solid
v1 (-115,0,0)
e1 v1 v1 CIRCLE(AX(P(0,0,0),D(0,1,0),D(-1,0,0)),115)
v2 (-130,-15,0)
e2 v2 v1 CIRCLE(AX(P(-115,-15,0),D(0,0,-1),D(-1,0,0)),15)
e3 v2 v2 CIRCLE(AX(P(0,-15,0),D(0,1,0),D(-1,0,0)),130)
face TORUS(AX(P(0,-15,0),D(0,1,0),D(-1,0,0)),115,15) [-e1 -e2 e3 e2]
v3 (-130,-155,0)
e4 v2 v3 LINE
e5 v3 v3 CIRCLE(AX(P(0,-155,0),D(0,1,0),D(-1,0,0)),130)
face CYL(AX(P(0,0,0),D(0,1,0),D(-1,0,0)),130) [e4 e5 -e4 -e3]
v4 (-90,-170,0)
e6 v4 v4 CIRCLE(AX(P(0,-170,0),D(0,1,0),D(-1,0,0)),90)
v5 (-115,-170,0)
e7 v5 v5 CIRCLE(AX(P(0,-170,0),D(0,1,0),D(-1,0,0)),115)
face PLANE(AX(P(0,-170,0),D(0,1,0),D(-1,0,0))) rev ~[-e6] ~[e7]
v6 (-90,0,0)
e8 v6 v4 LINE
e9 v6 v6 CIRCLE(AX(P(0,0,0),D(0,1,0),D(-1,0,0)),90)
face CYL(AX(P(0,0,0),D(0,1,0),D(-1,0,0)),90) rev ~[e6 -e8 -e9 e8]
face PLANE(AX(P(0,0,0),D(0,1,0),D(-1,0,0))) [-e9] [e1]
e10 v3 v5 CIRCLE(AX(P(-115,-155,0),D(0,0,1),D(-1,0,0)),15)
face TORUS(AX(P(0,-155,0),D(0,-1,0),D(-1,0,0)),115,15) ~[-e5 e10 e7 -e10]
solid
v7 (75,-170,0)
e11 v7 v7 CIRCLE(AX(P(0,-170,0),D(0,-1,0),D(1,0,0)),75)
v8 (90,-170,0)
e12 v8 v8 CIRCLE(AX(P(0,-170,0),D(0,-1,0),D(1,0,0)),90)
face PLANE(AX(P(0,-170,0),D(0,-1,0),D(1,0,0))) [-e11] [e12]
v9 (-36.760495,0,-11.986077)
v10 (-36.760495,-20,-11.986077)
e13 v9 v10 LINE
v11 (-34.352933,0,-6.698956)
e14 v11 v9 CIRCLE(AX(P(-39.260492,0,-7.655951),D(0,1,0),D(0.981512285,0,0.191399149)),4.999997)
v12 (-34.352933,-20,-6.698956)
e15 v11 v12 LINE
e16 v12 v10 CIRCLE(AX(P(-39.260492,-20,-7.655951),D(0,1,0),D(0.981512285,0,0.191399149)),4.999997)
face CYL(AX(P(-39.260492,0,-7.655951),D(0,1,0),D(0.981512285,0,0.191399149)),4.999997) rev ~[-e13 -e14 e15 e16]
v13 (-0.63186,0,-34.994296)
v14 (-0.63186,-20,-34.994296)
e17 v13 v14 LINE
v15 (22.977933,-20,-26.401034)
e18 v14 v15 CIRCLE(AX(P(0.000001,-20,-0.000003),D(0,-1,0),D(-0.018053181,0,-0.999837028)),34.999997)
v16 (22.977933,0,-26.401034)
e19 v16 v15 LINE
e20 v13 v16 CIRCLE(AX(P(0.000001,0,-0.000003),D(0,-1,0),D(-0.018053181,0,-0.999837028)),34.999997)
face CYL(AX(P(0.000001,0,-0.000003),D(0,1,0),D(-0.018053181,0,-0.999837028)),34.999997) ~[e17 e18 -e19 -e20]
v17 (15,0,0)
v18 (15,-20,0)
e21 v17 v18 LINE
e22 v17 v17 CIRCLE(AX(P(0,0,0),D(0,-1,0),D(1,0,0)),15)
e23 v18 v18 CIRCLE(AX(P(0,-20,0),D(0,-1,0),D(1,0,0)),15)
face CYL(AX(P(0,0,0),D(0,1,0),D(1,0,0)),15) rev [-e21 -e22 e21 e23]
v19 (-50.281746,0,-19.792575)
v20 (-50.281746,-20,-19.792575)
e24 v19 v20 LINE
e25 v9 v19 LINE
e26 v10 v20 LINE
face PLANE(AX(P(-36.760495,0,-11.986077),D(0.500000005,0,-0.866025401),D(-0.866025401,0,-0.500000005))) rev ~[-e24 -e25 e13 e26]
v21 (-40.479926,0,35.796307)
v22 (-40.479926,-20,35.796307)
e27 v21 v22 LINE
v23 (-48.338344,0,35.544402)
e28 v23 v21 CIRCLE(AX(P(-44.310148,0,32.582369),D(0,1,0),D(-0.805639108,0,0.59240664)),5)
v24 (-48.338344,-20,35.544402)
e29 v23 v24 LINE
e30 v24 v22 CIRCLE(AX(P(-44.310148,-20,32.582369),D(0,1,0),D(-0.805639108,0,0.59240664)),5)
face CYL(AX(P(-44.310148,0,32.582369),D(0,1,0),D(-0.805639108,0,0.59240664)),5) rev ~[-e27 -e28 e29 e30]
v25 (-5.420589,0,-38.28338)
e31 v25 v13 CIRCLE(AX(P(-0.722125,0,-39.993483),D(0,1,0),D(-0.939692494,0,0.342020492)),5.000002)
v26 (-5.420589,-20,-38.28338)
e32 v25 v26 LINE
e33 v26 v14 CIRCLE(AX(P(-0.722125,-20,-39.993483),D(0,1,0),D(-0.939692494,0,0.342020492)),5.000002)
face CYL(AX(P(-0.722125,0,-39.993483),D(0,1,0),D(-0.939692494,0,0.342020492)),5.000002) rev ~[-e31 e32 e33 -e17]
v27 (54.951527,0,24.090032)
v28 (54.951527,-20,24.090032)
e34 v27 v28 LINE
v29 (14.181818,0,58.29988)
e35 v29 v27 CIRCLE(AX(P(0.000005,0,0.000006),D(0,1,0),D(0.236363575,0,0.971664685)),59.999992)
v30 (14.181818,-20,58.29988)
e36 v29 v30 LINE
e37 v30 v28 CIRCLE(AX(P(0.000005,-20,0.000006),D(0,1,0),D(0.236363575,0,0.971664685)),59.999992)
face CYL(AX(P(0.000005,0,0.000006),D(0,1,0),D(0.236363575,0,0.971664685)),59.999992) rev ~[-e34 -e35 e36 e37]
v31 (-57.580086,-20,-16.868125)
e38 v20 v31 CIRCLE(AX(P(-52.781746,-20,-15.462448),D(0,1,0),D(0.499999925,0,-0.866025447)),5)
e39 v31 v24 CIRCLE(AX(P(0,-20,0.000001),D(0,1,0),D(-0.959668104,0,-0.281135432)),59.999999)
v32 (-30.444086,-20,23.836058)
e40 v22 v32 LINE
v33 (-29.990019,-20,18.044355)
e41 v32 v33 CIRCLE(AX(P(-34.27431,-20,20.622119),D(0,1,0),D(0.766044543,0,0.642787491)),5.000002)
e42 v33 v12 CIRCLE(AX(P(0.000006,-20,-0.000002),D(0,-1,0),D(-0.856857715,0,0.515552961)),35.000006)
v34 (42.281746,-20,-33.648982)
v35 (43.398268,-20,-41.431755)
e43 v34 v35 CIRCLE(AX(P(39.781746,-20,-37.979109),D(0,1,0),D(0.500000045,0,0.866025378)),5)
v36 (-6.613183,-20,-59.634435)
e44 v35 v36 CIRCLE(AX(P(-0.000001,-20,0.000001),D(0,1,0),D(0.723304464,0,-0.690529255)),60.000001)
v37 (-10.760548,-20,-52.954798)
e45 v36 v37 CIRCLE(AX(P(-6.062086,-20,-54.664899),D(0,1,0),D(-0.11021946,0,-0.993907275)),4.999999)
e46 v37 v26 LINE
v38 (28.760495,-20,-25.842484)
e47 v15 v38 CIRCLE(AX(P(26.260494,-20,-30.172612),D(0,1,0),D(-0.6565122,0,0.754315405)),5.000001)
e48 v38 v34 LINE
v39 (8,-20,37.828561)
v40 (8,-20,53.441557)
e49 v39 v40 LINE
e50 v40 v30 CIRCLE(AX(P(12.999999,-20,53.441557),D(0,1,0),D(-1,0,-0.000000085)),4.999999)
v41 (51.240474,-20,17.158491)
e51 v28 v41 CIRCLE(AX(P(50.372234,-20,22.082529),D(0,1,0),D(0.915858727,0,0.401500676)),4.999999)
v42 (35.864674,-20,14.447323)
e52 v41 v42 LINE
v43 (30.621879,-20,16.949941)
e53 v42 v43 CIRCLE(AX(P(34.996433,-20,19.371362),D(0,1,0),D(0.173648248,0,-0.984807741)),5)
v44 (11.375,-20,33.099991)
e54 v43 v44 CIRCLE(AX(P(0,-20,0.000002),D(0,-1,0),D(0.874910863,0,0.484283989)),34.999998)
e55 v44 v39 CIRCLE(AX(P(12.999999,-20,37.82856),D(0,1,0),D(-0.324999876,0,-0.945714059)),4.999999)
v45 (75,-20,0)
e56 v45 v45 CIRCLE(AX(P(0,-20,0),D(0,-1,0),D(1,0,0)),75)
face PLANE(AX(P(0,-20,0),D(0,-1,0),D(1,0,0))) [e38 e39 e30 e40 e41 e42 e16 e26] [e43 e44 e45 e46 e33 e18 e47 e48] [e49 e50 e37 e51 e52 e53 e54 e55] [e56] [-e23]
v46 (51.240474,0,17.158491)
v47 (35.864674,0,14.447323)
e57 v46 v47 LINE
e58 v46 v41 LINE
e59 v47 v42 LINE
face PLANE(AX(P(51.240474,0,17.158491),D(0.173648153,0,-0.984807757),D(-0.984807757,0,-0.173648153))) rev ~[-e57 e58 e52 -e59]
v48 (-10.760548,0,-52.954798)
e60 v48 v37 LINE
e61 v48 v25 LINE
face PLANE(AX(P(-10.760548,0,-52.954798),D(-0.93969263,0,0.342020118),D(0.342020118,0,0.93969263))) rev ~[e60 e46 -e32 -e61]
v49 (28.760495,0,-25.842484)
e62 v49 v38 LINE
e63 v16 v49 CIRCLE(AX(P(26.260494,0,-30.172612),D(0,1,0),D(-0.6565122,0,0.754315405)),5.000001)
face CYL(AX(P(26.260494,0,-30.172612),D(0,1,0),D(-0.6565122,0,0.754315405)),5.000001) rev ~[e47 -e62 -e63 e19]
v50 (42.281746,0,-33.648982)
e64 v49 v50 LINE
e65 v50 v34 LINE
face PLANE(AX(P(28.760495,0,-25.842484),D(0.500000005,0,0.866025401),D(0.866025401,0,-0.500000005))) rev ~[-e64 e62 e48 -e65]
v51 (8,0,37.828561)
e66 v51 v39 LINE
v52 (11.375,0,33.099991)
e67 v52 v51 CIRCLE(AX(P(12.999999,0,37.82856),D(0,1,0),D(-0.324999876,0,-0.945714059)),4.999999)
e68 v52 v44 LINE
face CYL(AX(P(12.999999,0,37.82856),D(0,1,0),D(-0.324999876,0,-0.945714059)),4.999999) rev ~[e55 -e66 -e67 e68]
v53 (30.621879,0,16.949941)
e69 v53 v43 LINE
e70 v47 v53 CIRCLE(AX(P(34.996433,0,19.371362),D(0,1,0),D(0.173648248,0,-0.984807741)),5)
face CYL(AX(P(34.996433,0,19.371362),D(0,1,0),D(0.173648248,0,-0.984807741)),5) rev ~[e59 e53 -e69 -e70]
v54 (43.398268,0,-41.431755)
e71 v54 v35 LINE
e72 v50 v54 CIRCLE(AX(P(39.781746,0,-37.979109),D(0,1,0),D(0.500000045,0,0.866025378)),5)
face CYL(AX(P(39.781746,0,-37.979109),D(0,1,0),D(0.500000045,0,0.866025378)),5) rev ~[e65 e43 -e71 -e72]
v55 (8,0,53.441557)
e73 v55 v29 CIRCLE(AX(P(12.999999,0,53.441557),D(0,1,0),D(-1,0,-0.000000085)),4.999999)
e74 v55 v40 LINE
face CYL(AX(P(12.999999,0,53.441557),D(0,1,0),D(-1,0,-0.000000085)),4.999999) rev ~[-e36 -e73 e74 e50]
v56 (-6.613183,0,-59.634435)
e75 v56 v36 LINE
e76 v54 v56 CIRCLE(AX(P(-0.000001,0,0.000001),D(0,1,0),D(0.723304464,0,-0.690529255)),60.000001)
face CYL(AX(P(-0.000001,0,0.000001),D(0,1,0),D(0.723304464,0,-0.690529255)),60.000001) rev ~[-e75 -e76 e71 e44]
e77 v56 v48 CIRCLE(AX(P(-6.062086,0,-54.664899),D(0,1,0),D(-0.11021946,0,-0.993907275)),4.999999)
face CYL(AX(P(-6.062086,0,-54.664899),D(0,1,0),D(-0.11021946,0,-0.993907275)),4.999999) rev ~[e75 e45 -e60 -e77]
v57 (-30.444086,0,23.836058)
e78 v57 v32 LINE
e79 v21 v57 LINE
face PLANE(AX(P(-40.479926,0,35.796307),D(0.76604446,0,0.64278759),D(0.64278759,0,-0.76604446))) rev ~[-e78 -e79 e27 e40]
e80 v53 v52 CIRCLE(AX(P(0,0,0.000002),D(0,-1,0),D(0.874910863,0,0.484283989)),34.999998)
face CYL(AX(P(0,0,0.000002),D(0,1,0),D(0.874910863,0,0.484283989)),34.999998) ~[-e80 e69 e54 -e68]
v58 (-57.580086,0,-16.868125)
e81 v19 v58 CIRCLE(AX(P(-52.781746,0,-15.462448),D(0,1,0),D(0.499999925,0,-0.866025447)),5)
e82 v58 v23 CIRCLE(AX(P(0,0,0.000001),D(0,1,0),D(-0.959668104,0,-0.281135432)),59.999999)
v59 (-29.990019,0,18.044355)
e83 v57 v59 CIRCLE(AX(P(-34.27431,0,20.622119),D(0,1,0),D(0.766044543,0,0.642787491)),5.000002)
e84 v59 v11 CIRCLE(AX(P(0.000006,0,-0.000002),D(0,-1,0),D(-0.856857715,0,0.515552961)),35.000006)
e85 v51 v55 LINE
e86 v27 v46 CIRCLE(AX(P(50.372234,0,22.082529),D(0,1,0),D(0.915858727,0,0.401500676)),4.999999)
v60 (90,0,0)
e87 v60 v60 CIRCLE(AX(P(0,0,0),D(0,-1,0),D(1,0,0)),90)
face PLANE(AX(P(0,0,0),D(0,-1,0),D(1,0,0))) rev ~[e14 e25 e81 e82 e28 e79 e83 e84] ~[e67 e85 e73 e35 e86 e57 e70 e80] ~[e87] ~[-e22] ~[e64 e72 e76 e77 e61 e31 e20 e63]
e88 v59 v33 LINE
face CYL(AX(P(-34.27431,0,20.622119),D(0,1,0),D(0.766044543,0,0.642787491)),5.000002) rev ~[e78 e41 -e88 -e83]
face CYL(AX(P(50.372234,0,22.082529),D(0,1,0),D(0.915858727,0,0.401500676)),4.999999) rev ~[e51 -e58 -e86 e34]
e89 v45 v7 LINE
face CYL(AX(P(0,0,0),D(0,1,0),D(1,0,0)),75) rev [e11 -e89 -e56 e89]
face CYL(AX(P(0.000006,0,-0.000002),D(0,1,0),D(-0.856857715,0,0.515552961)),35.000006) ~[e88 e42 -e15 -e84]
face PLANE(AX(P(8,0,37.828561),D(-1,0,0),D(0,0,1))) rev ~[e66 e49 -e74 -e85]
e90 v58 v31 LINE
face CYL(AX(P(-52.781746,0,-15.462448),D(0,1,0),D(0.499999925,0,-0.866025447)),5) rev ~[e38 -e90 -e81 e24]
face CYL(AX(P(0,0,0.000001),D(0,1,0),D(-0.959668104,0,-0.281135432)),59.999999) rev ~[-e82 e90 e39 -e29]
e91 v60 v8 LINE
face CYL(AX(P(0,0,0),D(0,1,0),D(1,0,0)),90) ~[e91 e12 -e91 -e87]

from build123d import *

# Parameters (mm, degrees)
F0_R     = 75
F0_R_2   = 15
F1_DEPTH = 20
F0_R_3   = 90
F2_DEPTH = 170
F3_R     = 130
F3_R_2   = 90
F4_DEPTH = 170
F5_R     = 15


with BuildPart() as f1:
    # F0 (on Front) → F1 (new body)
    with BuildSketch(Plane.XZ):
        Circle(F0_R)
        with BuildLine():
            ThreePointArc((43.398268, -41.431755), (20.521209, -56.381557), (-6.613183, -59.634435))
            ThreePointArc((-6.613183, -59.634435), (-10.309892, -57.302348), (-10.760548, -52.954798))
            Line((-10.760548, -52.954798), (-5.420589, -38.28338))
            ThreePointArc((-5.420589, -38.28338), (-3.552919, -35.872), (-0.63186, -34.994296))
            ThreePointArc((-0.63186, -34.994296), (11.970705, -32.889242), (22.977933, -26.401034))
            ThreePointArc((22.977933, -26.401034), (25.779771, -25.195774), (28.760495, -25.842484))
            Line((28.760495, -25.842484), (42.281746, -33.648982))
            ThreePointArc((42.281746, -33.648982), (44.731074, -37.269074), (43.398268, -41.431755))
        make_face(mode=Mode.SUBTRACT)
        with BuildLine():
            ThreePointArc((-57.580086, -16.868125), (-59.088465, 10.418891), (-48.338344, 35.544402))
            ThreePointArc((-48.338344, 35.544402), (-44.470343, 37.579802), (-40.479926, 35.796307))
            Line((-40.479926, 35.796307), (-30.444086, 23.836058))
            ThreePointArc((-30.444086, 23.836058), (-29.289604, 21.012918), (-29.990019, 18.044355))
            ThreePointArc((-29.990019, 18.044355), (-34.468271, 6.077686), (-34.352933, -6.698956))
            ThreePointArc((-34.352933, -6.698956), (-34.710065, -9.728049), (-36.760495, -11.986077))
            Line((-36.760495, -11.986077), (-50.281746, -19.792575))
            ThreePointArc((-50.281746, -19.792575), (-54.641502, -20.103709), (-57.580086, -16.868125))
        make_face(mode=Mode.SUBTRACT)
        Circle(F0_R_2, mode=Mode.SUBTRACT)
        with BuildLine():
            Line((8, 37.828561), (8, 53.441557))
            ThreePointArc((8, 53.441557), (9.910428, 57.372784), (14.181818, 58.29988))
            ThreePointArc((14.181818, 58.29988), (38.567257, 45.962667), (54.951527, 24.090032))
            ThreePointArc((54.951527, 24.090032), (54.780235, 19.722546), (51.240474, 17.158491))
            Line((51.240474, 17.158491), (35.864674, 14.447323))
            ThreePointArc((35.864674, 14.447323), (32.842522, 14.859082), (30.621879, 16.949941))
            ThreePointArc((30.621879, 16.949941), (22.497566, 26.811556), (11.375, 33.099991))
            ThreePointArc((11.375, 33.099991), (8.930295, 34.923823), (8, 37.828561))
        make_face(mode=Mode.SUBTRACT)
    extrude(amount=F1_DEPTH)

    # F0 (on Front) → F2 (join)
    with BuildSketch(Plane.XZ):
        Circle(F0_R_3)
        Circle(F0_R, mode=Mode.SUBTRACT)
    extrude(amount=F2_DEPTH)


with BuildPart() as f4:
    # F3 (on face) → F4 (new body)
    with BuildSketch(Plane(origin=(0, 0, 0), x_dir=(-1, 0, 0), z_dir=(0, 1, 0))):
        Circle(F3_R)
        Circle(F3_R_2, mode=Mode.SUBTRACT)
    extrude(amount=-F4_DEPTH)

    # F5
    f5_edges = [f4.edges().sort_by_distance(p)[0] for p in [
        (130, -170, 0),
        (130, 0, 0),
    ]]
    fillet(f5_edges, radius=F5_R)


solid = Compound([f1.part, f4.part])
